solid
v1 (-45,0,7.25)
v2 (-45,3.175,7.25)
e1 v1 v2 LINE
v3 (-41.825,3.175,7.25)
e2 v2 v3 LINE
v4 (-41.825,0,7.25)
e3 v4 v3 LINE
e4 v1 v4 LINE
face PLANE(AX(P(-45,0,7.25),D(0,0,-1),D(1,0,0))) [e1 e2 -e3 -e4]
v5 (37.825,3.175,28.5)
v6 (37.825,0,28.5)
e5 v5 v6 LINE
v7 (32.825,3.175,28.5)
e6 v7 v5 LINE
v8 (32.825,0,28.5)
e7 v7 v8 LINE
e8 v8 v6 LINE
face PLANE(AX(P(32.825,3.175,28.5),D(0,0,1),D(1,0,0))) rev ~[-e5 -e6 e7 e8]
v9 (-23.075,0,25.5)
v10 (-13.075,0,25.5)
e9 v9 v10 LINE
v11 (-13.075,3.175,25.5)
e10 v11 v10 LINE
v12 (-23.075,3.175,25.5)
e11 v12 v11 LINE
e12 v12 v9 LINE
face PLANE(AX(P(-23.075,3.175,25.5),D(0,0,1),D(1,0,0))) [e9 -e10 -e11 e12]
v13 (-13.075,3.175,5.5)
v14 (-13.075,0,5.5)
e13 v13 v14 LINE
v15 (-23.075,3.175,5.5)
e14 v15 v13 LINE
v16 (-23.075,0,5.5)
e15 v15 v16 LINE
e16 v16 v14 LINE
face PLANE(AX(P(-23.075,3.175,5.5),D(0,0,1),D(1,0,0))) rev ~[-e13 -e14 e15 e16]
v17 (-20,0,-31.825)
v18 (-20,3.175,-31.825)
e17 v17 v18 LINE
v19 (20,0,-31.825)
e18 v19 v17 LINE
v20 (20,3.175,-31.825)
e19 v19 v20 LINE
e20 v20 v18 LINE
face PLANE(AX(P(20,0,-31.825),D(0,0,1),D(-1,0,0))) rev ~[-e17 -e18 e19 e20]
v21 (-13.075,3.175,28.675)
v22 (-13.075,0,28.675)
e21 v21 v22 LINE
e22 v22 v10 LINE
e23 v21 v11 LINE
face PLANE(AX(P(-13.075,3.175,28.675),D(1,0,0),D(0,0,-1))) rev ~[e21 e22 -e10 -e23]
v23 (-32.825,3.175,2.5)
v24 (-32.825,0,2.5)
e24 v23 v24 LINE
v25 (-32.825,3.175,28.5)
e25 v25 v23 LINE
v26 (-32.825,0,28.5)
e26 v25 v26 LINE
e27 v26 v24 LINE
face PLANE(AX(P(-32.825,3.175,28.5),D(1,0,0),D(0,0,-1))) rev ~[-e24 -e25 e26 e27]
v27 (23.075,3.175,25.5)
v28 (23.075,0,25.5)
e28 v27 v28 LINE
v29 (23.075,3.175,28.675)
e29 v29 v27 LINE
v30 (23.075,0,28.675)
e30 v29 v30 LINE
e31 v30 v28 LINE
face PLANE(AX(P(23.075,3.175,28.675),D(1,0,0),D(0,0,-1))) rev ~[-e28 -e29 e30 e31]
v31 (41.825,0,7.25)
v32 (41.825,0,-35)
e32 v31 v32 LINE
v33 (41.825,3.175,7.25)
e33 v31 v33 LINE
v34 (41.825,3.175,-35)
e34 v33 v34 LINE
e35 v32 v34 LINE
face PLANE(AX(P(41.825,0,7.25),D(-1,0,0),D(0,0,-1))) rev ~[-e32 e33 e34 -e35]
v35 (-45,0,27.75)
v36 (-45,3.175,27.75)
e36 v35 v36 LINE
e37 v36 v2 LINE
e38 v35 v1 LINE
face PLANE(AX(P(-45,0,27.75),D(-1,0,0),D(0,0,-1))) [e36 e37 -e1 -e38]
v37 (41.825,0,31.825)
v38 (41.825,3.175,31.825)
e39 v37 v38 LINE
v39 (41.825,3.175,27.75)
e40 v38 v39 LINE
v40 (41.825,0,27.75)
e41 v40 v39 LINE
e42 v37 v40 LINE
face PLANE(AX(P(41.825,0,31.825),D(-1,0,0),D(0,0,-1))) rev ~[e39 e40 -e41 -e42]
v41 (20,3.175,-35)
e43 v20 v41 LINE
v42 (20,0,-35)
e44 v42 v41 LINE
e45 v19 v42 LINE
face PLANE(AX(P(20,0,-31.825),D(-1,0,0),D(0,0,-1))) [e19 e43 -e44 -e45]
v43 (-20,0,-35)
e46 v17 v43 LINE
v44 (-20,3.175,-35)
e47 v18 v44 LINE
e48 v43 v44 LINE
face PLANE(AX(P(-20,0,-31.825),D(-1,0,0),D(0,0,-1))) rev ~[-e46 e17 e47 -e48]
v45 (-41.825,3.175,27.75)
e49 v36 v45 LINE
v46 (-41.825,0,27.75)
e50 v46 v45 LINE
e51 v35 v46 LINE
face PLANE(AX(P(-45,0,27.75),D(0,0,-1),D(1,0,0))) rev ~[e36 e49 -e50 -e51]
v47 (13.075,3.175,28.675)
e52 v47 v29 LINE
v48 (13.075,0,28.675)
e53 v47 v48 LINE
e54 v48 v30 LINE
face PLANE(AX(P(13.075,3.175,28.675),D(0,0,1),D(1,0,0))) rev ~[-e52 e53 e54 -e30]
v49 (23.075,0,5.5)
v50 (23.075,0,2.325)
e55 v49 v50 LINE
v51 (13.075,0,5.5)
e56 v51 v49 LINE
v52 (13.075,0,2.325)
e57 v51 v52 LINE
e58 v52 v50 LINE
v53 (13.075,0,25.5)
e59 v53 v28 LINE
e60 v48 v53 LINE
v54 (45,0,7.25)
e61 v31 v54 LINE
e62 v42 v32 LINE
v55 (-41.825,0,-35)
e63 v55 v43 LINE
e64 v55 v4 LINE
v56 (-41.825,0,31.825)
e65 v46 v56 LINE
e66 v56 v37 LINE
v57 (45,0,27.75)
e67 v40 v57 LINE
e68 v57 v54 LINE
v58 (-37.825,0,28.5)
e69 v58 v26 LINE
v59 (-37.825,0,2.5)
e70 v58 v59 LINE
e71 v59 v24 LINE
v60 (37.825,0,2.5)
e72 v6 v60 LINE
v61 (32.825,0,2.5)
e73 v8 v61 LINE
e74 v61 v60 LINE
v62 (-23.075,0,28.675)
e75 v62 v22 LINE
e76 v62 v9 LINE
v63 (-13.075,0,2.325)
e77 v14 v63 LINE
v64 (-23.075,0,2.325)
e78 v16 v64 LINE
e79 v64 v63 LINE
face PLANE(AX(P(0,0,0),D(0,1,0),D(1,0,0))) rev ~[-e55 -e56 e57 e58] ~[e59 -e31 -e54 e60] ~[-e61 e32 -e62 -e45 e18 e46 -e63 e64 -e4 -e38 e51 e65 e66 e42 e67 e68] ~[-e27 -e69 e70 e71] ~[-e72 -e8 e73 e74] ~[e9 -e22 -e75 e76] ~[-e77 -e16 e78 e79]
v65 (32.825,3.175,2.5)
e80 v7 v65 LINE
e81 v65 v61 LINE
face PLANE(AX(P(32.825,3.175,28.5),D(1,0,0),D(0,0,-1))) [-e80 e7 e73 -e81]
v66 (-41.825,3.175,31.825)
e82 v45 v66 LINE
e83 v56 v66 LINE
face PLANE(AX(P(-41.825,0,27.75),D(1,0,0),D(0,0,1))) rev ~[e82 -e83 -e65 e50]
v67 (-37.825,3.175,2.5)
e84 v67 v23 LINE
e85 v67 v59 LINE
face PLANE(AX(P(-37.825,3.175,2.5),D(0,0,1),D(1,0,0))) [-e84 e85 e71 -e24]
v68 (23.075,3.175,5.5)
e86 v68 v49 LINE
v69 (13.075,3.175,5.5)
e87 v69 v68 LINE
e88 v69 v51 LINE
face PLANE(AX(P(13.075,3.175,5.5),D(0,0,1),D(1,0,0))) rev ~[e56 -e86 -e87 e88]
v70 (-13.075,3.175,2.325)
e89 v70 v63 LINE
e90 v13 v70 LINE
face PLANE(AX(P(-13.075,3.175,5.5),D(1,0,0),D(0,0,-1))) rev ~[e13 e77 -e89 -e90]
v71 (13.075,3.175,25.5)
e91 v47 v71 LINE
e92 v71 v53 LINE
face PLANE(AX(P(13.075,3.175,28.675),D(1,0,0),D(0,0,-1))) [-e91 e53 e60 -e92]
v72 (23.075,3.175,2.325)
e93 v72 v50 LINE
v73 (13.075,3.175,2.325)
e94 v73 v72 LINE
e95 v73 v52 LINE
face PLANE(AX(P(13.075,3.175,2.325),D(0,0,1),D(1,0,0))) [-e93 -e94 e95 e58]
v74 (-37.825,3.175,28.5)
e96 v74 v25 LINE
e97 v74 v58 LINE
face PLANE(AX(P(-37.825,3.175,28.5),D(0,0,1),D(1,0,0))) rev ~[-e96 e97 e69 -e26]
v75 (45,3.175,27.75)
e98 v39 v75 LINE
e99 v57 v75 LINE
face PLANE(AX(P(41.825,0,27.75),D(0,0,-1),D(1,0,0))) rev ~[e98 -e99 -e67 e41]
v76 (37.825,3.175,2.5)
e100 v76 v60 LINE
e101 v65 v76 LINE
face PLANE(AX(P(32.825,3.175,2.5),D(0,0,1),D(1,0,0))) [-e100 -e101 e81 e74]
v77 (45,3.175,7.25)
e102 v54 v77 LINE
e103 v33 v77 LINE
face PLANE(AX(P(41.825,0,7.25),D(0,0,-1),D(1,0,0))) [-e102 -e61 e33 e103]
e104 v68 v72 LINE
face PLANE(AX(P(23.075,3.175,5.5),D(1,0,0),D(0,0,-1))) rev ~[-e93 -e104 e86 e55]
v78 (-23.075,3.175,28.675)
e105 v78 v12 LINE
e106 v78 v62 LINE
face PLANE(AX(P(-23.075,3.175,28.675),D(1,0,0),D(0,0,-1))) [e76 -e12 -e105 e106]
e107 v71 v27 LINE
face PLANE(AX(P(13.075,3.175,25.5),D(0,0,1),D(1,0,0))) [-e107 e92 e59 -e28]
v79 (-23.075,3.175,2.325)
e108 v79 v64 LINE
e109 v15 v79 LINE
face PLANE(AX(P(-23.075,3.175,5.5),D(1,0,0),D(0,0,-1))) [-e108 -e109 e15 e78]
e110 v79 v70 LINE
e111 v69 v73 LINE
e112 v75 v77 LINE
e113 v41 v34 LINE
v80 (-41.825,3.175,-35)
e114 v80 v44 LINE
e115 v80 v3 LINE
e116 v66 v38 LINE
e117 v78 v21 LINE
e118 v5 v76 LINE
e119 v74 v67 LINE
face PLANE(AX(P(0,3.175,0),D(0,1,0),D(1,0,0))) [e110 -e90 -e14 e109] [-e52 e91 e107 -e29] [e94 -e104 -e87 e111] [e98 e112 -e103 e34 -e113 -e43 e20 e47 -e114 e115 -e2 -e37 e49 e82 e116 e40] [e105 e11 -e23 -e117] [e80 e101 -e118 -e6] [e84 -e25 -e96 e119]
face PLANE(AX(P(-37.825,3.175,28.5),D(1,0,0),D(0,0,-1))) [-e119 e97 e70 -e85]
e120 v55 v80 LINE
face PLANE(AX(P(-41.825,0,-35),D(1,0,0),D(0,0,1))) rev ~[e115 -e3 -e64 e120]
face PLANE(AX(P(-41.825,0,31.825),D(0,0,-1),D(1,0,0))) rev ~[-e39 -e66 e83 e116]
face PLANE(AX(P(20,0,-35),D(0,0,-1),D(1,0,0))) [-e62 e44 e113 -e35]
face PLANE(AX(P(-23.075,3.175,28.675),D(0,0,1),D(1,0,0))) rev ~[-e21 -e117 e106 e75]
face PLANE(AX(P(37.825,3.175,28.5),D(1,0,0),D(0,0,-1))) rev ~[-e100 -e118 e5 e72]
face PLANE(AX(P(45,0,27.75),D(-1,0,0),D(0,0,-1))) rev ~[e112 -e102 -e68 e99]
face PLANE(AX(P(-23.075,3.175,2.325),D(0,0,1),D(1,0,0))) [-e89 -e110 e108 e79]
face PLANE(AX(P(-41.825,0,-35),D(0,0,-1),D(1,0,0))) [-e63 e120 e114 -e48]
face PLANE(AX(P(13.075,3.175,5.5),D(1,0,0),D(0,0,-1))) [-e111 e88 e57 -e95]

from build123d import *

# Parameters (mm, degrees)
SKETCH1_W           = 21.825
SKETCH1_H           = 3.175
SKETCH1_W_2         = 3.175
SKETCH1_H_2         = 20.5
BOSS_EXTRUDE1_DEPTH = 3.175
SKETCH2_W           = 5
SKETCH2_H           = 26
SKETCH2_W_2         = 10
SKETCH2_H_2         = 3.175
CUT_EXTRUDE1_DEPTH  = 23.175


with BuildPart() as part:
    # Sketch1 → Boss-Extrude1 (new body)
    with BuildSketch(Plane(origin=(0, 0, 0), x_dir=(1, 0, 0), z_dir=(0, 1, 0))):
        Polygon((-20, 31.825), (-41.825, 31.825), (-41.825, -7.25), (-41.825, -27.75), (-41.825, -31.825), (-20, -31.825), (20, -31.825), (41.825, -31.825), (41.825, -27.75), (41.825, -7.25), (41.825, 31.825), (20, 31.825), align=None)
        with Locations((30.9125, 33.4125)):
            Rectangle(SKETCH1_W, SKETCH1_H)
        with Locations((-30.9125, 33.4125)):
            Rectangle(SKETCH1_W, SKETCH1_H)
        with Locations((-43.4125, -17.5)):
            Rectangle(SKETCH1_W_2, SKETCH1_H_2)
        with Locations((43.4125, -17.5)):
            Rectangle(SKETCH1_W_2, SKETCH1_H_2)
    extrude(amount=BOSS_EXTRUDE1_DEPTH)

    # Sketch2 → Cut-Extrude1 (cut)
    with BuildSketch(Plane(origin=(0, 3.175, 0), x_dir=(1, 0, 0), z_dir=(0, 1, 0))):
        with Locations((-35.325, -15.5)):
            Rectangle(SKETCH2_W, SKETCH2_H)
        with Locations((35.325, -15.5)):
            Rectangle(SKETCH2_W, SKETCH2_H)
        with Locations((-18.075, -3.9125)):
            Rectangle(SKETCH2_W_2, SKETCH2_H_2)
        with Locations((18.075, -3.9125)):
            Rectangle(SKETCH2_W_2, SKETCH2_H_2)
        with Locations((18.075, -27.0875)):
            Rectangle(SKETCH2_W_2, SKETCH2_H_2)
        with Locations((-18.075, -27.0875)):
            Rectangle(SKETCH2_W_2, SKETCH2_H_2)
    extrude(amount=-CUT_EXTRUDE1_DEPTH, mode=Mode.SUBTRACT)


solid = part.part
